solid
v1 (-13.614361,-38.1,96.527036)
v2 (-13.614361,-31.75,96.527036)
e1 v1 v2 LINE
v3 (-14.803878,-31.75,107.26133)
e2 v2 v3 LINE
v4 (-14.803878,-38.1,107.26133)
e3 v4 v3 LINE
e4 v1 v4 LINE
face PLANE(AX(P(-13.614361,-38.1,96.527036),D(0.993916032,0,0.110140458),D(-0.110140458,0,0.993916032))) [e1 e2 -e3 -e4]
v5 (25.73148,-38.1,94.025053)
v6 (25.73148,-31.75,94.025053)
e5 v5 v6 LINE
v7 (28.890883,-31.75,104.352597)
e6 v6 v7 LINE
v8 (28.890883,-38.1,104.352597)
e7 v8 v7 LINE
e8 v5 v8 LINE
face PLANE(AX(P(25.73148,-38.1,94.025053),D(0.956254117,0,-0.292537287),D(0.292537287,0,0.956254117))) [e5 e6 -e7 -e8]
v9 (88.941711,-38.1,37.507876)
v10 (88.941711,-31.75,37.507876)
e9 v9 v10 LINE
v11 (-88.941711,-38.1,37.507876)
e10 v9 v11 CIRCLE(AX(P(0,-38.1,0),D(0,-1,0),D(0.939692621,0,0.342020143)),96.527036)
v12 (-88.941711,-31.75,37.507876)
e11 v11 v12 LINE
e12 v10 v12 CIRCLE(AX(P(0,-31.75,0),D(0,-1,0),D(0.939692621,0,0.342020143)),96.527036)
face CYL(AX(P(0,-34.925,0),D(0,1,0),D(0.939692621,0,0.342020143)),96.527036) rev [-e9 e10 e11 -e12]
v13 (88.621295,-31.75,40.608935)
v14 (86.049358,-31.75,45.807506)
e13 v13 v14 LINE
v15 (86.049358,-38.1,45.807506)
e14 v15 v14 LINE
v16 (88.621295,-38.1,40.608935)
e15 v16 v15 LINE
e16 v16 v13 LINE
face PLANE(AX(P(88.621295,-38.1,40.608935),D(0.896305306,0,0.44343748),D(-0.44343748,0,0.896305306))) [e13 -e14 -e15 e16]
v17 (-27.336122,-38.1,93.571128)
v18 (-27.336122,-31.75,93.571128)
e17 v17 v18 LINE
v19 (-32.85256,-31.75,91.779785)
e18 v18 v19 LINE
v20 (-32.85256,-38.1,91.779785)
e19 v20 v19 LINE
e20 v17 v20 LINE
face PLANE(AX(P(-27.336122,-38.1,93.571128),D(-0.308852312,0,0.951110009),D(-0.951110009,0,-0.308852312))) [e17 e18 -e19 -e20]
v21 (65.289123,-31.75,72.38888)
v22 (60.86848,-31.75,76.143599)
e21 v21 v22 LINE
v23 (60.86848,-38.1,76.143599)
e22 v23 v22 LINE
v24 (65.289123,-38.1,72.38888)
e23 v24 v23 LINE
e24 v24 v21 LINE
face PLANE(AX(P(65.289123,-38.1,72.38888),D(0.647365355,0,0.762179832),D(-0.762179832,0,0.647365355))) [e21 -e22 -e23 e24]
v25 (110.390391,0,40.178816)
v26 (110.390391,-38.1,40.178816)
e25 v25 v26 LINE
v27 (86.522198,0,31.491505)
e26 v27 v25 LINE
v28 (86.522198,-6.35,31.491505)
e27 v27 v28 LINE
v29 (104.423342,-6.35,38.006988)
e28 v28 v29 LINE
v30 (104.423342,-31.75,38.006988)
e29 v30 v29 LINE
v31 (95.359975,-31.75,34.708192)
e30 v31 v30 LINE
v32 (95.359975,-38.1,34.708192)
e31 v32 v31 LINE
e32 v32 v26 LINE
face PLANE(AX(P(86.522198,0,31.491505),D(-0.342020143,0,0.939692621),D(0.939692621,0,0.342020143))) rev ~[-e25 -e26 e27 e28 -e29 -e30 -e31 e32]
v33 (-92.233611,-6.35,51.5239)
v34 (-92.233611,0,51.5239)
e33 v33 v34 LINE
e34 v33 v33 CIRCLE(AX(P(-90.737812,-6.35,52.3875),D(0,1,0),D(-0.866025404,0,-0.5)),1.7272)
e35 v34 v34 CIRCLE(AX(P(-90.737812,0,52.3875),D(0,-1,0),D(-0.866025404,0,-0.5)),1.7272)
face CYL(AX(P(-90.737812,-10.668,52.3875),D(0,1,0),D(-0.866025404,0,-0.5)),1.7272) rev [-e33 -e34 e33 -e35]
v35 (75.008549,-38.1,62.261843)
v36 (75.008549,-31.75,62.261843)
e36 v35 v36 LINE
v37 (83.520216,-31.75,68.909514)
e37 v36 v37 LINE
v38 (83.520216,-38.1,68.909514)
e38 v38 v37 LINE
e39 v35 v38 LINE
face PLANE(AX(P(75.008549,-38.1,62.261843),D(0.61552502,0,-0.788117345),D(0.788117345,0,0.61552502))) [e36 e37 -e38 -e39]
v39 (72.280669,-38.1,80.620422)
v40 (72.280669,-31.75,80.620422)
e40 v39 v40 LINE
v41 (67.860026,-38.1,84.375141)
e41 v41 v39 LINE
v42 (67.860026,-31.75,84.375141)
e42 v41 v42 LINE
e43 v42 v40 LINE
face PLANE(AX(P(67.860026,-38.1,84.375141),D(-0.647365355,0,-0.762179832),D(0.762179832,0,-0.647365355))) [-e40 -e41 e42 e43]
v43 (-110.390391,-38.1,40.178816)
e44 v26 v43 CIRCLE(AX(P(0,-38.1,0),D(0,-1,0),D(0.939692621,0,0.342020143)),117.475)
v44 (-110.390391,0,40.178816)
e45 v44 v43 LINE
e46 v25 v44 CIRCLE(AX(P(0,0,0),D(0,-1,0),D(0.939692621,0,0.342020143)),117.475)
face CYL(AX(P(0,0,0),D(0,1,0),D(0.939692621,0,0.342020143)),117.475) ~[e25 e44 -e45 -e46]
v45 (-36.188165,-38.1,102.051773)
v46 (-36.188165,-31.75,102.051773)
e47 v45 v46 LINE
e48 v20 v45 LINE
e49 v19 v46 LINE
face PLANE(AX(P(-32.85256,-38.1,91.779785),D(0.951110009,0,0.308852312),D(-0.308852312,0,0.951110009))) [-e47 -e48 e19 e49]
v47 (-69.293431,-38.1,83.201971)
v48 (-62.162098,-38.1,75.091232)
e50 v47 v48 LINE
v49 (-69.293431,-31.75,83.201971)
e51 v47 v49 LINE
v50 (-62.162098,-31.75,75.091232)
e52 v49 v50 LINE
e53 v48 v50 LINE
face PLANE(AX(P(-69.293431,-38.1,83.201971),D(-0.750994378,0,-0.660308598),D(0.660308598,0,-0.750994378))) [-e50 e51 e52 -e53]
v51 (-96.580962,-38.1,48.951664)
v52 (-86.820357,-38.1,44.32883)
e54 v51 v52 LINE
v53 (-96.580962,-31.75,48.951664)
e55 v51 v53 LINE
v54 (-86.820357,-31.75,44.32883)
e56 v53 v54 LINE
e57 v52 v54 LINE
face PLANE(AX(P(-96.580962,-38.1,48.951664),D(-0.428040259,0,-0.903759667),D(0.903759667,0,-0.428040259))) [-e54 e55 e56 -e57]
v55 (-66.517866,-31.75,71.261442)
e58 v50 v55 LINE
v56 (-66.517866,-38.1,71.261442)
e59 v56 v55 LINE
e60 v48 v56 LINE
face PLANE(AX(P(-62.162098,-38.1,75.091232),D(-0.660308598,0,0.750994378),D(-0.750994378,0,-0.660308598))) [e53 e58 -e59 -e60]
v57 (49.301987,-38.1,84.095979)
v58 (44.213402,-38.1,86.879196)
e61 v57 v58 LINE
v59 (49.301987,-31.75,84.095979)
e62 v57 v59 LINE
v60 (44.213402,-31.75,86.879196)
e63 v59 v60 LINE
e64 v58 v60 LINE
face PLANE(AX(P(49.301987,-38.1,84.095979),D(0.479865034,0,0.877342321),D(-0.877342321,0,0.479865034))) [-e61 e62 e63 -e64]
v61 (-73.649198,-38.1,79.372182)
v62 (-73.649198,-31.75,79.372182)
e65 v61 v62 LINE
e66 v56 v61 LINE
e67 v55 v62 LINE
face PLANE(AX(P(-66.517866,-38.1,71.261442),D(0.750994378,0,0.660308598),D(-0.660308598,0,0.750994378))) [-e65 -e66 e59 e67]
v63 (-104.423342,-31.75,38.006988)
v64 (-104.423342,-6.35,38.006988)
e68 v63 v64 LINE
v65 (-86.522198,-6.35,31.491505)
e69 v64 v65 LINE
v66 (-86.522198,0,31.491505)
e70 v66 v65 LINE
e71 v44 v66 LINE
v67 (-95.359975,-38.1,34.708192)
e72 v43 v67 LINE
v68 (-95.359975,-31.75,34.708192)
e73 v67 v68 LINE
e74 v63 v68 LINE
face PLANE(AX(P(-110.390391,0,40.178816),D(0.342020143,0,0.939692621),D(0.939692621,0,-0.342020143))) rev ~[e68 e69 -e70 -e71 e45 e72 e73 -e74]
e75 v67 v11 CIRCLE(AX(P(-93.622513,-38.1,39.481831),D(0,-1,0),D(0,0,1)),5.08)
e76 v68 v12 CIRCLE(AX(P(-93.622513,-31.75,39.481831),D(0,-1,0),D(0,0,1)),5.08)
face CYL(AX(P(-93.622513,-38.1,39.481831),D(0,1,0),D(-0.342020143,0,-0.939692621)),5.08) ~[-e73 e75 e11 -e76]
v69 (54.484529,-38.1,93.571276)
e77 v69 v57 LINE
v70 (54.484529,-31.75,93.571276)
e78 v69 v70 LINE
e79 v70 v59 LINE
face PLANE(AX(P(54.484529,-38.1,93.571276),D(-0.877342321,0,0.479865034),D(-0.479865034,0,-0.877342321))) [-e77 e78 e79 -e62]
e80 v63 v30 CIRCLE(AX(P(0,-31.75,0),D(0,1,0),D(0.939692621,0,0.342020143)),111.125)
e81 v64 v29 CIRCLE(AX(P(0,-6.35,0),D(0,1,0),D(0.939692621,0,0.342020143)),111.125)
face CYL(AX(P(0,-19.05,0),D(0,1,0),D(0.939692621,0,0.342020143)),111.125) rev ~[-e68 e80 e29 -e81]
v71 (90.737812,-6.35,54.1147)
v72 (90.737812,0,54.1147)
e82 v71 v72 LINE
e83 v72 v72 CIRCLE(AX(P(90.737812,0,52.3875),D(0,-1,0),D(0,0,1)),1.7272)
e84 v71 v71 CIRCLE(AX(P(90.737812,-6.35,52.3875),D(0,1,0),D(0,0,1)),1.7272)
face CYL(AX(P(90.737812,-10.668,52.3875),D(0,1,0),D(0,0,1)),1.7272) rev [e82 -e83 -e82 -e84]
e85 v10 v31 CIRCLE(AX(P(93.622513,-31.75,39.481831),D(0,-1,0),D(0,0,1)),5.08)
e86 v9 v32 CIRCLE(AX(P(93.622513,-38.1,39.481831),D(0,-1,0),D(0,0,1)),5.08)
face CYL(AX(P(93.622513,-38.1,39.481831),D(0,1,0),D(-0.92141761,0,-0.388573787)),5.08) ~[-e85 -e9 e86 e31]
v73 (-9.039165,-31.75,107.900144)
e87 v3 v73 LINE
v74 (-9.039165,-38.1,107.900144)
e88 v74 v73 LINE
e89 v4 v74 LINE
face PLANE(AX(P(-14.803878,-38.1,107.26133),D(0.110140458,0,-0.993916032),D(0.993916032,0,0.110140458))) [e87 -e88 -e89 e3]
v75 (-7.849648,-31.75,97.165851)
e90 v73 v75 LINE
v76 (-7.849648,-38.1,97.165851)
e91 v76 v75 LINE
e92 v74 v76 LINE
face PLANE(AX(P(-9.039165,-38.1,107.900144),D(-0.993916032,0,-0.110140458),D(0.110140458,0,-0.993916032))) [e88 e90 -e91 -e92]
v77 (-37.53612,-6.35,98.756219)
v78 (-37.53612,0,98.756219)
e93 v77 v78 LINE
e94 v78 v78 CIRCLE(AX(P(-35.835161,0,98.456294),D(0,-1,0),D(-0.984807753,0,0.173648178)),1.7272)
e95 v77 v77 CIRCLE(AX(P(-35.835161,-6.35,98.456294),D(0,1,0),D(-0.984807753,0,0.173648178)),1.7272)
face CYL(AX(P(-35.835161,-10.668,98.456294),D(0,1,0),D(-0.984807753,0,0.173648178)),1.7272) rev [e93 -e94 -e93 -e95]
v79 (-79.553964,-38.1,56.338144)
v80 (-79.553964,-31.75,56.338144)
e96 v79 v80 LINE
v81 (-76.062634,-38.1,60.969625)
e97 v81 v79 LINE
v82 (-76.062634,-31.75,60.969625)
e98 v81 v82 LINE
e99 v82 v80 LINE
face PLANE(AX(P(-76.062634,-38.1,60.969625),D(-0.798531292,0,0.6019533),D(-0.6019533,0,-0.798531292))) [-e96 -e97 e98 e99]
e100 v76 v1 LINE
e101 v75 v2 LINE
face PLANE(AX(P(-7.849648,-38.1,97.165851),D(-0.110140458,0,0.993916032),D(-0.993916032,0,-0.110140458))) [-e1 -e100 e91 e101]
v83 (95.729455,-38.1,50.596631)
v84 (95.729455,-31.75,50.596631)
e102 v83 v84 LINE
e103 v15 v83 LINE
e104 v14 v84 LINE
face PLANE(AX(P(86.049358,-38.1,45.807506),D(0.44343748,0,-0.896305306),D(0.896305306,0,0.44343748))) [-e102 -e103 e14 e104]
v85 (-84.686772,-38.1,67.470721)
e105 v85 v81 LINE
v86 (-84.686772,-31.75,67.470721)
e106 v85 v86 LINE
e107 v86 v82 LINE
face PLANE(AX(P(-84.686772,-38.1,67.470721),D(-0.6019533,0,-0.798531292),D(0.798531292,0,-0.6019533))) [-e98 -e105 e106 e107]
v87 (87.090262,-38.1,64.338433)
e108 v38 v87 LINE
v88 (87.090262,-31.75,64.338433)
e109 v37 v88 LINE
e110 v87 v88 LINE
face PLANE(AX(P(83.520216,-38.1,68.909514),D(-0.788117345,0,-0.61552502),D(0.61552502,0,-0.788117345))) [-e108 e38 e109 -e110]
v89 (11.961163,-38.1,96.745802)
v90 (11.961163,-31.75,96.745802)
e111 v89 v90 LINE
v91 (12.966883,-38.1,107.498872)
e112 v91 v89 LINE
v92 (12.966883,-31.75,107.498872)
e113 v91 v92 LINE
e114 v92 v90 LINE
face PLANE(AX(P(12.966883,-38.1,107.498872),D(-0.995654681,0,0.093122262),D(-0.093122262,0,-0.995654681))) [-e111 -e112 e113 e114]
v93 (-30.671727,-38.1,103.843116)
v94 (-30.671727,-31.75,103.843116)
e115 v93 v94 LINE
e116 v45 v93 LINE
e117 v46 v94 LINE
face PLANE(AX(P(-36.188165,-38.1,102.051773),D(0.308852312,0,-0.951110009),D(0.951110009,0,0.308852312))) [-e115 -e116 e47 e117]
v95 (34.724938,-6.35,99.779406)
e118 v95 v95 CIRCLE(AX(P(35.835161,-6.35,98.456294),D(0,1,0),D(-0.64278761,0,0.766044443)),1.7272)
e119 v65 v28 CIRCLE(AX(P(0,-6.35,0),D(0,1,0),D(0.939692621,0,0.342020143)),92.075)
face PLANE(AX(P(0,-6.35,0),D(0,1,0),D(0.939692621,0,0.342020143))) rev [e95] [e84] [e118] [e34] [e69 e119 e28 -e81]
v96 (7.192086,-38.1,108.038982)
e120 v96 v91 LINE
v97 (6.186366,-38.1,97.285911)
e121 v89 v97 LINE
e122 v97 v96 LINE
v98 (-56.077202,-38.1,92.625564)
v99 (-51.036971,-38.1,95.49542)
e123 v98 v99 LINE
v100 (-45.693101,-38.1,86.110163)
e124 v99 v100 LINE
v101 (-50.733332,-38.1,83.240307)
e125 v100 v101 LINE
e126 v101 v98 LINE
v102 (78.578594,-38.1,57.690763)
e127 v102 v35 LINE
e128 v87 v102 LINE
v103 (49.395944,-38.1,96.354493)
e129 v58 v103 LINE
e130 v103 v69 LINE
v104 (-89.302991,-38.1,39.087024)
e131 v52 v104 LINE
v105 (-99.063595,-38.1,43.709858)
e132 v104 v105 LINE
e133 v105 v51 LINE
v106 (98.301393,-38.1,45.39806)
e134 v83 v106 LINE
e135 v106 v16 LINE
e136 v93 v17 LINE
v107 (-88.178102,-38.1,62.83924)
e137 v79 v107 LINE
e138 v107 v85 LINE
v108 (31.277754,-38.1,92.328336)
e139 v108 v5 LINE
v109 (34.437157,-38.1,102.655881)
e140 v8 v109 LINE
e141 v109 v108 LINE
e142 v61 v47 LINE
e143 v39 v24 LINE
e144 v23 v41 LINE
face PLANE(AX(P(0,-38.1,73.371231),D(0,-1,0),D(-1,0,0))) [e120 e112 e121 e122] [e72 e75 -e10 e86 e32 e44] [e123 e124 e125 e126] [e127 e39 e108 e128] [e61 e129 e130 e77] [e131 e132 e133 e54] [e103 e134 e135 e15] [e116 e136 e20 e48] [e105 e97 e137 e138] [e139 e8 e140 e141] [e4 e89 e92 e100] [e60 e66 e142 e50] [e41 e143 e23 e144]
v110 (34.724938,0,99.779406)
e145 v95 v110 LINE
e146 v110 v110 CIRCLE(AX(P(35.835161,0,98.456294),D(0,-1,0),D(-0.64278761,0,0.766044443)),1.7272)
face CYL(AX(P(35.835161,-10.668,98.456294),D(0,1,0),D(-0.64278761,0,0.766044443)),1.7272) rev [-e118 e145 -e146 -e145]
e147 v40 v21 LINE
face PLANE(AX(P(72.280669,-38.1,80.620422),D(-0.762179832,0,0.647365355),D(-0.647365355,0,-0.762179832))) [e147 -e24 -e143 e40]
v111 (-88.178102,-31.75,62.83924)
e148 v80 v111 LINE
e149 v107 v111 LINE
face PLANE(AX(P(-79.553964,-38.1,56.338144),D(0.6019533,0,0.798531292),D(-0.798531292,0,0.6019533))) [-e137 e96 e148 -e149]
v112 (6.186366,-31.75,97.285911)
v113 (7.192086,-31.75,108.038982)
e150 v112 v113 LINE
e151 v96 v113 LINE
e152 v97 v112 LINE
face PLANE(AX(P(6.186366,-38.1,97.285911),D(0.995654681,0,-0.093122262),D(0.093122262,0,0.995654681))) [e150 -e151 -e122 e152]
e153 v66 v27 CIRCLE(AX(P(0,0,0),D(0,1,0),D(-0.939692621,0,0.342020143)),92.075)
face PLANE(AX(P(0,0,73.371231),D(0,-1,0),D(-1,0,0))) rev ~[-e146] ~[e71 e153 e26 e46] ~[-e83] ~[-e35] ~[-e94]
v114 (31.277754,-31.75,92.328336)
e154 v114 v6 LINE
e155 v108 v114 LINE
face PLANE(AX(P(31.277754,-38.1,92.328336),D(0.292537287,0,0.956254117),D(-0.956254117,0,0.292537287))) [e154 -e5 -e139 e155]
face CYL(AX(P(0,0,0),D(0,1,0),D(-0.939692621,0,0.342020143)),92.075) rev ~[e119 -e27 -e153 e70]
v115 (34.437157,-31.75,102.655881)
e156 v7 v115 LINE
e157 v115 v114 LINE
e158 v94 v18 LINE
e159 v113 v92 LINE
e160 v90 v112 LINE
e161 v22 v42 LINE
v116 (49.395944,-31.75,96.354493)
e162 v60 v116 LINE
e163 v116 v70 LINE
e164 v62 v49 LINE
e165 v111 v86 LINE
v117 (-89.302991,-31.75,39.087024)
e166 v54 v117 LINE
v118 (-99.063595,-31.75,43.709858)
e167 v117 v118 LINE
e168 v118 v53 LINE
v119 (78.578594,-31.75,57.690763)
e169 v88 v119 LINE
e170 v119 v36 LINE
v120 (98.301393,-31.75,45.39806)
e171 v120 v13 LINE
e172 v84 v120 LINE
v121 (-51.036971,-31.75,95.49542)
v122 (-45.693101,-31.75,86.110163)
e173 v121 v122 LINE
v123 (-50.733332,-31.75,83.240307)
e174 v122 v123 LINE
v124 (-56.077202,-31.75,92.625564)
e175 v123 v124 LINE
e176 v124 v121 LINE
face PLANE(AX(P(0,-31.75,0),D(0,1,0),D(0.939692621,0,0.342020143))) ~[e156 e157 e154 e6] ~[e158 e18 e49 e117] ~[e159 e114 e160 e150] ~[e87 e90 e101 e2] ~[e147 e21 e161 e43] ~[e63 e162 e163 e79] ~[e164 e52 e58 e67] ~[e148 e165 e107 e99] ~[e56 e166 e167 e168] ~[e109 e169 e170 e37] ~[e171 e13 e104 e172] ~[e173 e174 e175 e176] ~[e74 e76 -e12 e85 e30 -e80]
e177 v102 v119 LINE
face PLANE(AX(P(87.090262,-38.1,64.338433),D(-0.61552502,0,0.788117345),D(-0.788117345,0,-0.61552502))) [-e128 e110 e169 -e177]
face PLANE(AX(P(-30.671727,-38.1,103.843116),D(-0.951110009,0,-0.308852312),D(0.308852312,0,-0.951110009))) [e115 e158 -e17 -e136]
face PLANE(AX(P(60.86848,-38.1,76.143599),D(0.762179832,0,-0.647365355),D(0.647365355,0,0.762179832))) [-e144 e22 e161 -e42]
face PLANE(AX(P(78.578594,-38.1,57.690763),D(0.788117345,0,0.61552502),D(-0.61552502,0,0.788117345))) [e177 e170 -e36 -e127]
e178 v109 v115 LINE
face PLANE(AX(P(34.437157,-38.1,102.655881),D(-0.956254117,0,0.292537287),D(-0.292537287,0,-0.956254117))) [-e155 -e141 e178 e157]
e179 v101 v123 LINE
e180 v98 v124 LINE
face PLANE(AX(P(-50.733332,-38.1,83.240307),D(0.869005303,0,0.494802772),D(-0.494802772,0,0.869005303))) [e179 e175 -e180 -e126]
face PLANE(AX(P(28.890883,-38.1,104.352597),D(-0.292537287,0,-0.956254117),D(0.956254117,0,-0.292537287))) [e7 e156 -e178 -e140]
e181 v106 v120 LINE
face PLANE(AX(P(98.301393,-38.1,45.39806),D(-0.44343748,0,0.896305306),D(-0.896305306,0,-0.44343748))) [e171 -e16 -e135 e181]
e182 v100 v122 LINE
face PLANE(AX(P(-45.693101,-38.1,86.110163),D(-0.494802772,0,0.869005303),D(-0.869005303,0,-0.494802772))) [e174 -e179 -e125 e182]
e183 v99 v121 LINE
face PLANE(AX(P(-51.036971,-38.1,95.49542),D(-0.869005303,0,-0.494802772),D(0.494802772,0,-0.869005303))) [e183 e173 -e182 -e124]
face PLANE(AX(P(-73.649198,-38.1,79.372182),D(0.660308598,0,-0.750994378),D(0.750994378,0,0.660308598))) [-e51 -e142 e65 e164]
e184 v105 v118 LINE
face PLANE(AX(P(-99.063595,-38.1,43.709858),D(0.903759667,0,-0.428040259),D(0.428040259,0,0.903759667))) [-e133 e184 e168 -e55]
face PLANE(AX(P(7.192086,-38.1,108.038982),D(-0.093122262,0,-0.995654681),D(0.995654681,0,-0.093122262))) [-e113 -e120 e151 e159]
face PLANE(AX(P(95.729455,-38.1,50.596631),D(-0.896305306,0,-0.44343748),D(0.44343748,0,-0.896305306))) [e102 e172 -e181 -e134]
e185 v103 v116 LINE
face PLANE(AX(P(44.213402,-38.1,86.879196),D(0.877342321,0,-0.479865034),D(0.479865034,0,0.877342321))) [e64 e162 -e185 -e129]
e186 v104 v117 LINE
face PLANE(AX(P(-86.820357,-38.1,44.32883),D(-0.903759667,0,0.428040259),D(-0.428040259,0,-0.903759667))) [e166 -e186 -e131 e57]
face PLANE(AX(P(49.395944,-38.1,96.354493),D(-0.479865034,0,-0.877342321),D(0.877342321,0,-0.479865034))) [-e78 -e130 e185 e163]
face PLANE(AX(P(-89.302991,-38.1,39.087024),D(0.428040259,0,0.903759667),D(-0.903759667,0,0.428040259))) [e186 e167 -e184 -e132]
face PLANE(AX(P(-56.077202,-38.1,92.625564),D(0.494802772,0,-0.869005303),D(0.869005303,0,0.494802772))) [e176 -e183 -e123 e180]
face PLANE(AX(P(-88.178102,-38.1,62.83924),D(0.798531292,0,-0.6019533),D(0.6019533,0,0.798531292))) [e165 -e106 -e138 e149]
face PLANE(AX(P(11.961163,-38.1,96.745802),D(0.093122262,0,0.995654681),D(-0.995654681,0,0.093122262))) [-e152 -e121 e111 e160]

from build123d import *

# Parameters (mm, degrees)
BOSS_EXTRUDE1_DEPTH = 38.1
SKETCH4_W           = 19.05
SKETCH4_H           = 25.4
CUT_EXTRUDE1_START  = -6.35
CUT_EXTRUDE1_DEPTH  = 6.35
CIRPATTERN1_COUNT   = 13
CIRPATTERN1_ANGLE   = 140
CIRPATTERN2_COUNT   = 4
CIRPATTERN2_ANGLE   = 120
SKETCH13_W          = 4.452036414
SKETCH13_H          = 6.35
CUT_REVOLVE2_ANGLE  = 145
FILLET1_R           = 5.08


with BuildPart() as part:
    # Sketch1 → Boss-Extrude1 (new body)
    with BuildSketch(Plane(origin=(0, 0, 0), x_dir=(1, 0, 0), z_dir=(0, 1, 0))):
        with BuildLine():
            Line((-110.390390627, -40.178816337), (-86.522198059, -31.491504697))
            ThreePointArc((-86.522198059, -31.491504697), (0, -92.075), (86.522198059, -31.491504697))
            Line((86.522198059, -31.491504697), (110.390390627, -40.178816337))
            ThreePointArc((110.390390627, -40.178816337), (0, -117.475), (-110.390390627, -40.178816337))
        make_face()
    extrude(amount=-BOSS_EXTRUDE1_DEPTH)

    # Sketch4 → Cut-Revolve1 (revolve, cut)
    with BuildSketch(Plane(origin=(86.522198059, 0, 31.491504697), x_dir=(0.9396926207859084, 0, 0.34202014332566905), z_dir=(-0.34202014332566905, 0, 0.9396926207859084))):
        with Locations((9.525, -19.05)):
            Rectangle(SKETCH4_W, SKETCH4_H)
    revolve(axis=Axis((0, -38.1, 0), (0, 1, 0)), mode=Mode.SUBTRACT)

    # Sketch5 → Cut-Extrude1 (cut)
    with BuildSketch(Plane(origin=(0, -31.75, 0), x_dir=(1, 0, 0), z_dir=(0, 1, 0)).offset(CUT_EXTRUDE1_START)):
        Polygon((98.301392685, -45.398059752), (88.621295381, -40.60893497), (86.049357998, -45.807505744), (95.729455302, -50.596630526), align=None)
    cut_extrude1 = extrude(amount=CUT_EXTRUDE1_DEPTH, mode=Mode.SUBTRACT)

    # CirPattern1: Cut-Extrude1 ×13 about axis
    cirpattern1_axis = Axis((0, 0, 0), (0, -1, 0))
    for i in range(1, CIRPATTERN1_COUNT):
        add(cut_extrude1.rotate(cirpattern1_axis, i * CIRPATTERN1_ANGLE / (CIRPATTERN1_COUNT - 1)), mode=Mode.SUBTRACT)

    # Sketch11 → #8-32 Tapped Hole1 (revolve, cut)
    with BuildSketch(Plane(origin=(90.737811682, 0, 52.3875), x_dir=(0, 0, 1), z_dir=(1, 0, 0))):
        Polygon((0, 0), (0, 11.705806461), (1.7272, 10.668), (1.7272, 0), align=None)
    f_8_32_tapped_hole1 = revolve(axis=Axis((90.737811682, 6.35, 52.3875), (0, -1, 0)), mode=Mode.SUBTRACT)

    # CirPattern2: #8-32 Tapped Hole1 ×4 about axis
    cirpattern2_axis = Axis((0, 0, 0), (0, -1, 0))
    for i in range(1, CIRPATTERN2_COUNT):
        add(f_8_32_tapped_hole1.rotate(cirpattern2_axis, i * CIRPATTERN2_ANGLE / (CIRPATTERN2_COUNT - 1)), mode=Mode.SUBTRACT)

    # Sketch13 → Cut-Revolve2 (revolve, cut)
    with BuildSketch(Plane(origin=(0, 0, 0), x_dir=(-0.9396926207859083, 0, -0.3420201433256694), z_dir=(0.3420201433256694, 0, -0.9396926207859083))):
        with Locations((-94.301018207, -34.925)):
            Rectangle(SKETCH13_W, SKETCH13_H)
    revolve(axis=Axis((0, -38.1, 0), (0, -1, 0)), revolution_arc=CUT_REVOLVE2_ANGLE, mode=Mode.SUBTRACT)

    # Fillet1
    fillet1_edges = [part.edges().sort_by_distance(p)[0] for p in [
        (-90.705743825, -34.925, 33.014190829),
        (90.705743825, -34.925, 33.014190829),
    ]]
    fillet(fillet1_edges, radius=FILLET1_R)


solid = part.part
